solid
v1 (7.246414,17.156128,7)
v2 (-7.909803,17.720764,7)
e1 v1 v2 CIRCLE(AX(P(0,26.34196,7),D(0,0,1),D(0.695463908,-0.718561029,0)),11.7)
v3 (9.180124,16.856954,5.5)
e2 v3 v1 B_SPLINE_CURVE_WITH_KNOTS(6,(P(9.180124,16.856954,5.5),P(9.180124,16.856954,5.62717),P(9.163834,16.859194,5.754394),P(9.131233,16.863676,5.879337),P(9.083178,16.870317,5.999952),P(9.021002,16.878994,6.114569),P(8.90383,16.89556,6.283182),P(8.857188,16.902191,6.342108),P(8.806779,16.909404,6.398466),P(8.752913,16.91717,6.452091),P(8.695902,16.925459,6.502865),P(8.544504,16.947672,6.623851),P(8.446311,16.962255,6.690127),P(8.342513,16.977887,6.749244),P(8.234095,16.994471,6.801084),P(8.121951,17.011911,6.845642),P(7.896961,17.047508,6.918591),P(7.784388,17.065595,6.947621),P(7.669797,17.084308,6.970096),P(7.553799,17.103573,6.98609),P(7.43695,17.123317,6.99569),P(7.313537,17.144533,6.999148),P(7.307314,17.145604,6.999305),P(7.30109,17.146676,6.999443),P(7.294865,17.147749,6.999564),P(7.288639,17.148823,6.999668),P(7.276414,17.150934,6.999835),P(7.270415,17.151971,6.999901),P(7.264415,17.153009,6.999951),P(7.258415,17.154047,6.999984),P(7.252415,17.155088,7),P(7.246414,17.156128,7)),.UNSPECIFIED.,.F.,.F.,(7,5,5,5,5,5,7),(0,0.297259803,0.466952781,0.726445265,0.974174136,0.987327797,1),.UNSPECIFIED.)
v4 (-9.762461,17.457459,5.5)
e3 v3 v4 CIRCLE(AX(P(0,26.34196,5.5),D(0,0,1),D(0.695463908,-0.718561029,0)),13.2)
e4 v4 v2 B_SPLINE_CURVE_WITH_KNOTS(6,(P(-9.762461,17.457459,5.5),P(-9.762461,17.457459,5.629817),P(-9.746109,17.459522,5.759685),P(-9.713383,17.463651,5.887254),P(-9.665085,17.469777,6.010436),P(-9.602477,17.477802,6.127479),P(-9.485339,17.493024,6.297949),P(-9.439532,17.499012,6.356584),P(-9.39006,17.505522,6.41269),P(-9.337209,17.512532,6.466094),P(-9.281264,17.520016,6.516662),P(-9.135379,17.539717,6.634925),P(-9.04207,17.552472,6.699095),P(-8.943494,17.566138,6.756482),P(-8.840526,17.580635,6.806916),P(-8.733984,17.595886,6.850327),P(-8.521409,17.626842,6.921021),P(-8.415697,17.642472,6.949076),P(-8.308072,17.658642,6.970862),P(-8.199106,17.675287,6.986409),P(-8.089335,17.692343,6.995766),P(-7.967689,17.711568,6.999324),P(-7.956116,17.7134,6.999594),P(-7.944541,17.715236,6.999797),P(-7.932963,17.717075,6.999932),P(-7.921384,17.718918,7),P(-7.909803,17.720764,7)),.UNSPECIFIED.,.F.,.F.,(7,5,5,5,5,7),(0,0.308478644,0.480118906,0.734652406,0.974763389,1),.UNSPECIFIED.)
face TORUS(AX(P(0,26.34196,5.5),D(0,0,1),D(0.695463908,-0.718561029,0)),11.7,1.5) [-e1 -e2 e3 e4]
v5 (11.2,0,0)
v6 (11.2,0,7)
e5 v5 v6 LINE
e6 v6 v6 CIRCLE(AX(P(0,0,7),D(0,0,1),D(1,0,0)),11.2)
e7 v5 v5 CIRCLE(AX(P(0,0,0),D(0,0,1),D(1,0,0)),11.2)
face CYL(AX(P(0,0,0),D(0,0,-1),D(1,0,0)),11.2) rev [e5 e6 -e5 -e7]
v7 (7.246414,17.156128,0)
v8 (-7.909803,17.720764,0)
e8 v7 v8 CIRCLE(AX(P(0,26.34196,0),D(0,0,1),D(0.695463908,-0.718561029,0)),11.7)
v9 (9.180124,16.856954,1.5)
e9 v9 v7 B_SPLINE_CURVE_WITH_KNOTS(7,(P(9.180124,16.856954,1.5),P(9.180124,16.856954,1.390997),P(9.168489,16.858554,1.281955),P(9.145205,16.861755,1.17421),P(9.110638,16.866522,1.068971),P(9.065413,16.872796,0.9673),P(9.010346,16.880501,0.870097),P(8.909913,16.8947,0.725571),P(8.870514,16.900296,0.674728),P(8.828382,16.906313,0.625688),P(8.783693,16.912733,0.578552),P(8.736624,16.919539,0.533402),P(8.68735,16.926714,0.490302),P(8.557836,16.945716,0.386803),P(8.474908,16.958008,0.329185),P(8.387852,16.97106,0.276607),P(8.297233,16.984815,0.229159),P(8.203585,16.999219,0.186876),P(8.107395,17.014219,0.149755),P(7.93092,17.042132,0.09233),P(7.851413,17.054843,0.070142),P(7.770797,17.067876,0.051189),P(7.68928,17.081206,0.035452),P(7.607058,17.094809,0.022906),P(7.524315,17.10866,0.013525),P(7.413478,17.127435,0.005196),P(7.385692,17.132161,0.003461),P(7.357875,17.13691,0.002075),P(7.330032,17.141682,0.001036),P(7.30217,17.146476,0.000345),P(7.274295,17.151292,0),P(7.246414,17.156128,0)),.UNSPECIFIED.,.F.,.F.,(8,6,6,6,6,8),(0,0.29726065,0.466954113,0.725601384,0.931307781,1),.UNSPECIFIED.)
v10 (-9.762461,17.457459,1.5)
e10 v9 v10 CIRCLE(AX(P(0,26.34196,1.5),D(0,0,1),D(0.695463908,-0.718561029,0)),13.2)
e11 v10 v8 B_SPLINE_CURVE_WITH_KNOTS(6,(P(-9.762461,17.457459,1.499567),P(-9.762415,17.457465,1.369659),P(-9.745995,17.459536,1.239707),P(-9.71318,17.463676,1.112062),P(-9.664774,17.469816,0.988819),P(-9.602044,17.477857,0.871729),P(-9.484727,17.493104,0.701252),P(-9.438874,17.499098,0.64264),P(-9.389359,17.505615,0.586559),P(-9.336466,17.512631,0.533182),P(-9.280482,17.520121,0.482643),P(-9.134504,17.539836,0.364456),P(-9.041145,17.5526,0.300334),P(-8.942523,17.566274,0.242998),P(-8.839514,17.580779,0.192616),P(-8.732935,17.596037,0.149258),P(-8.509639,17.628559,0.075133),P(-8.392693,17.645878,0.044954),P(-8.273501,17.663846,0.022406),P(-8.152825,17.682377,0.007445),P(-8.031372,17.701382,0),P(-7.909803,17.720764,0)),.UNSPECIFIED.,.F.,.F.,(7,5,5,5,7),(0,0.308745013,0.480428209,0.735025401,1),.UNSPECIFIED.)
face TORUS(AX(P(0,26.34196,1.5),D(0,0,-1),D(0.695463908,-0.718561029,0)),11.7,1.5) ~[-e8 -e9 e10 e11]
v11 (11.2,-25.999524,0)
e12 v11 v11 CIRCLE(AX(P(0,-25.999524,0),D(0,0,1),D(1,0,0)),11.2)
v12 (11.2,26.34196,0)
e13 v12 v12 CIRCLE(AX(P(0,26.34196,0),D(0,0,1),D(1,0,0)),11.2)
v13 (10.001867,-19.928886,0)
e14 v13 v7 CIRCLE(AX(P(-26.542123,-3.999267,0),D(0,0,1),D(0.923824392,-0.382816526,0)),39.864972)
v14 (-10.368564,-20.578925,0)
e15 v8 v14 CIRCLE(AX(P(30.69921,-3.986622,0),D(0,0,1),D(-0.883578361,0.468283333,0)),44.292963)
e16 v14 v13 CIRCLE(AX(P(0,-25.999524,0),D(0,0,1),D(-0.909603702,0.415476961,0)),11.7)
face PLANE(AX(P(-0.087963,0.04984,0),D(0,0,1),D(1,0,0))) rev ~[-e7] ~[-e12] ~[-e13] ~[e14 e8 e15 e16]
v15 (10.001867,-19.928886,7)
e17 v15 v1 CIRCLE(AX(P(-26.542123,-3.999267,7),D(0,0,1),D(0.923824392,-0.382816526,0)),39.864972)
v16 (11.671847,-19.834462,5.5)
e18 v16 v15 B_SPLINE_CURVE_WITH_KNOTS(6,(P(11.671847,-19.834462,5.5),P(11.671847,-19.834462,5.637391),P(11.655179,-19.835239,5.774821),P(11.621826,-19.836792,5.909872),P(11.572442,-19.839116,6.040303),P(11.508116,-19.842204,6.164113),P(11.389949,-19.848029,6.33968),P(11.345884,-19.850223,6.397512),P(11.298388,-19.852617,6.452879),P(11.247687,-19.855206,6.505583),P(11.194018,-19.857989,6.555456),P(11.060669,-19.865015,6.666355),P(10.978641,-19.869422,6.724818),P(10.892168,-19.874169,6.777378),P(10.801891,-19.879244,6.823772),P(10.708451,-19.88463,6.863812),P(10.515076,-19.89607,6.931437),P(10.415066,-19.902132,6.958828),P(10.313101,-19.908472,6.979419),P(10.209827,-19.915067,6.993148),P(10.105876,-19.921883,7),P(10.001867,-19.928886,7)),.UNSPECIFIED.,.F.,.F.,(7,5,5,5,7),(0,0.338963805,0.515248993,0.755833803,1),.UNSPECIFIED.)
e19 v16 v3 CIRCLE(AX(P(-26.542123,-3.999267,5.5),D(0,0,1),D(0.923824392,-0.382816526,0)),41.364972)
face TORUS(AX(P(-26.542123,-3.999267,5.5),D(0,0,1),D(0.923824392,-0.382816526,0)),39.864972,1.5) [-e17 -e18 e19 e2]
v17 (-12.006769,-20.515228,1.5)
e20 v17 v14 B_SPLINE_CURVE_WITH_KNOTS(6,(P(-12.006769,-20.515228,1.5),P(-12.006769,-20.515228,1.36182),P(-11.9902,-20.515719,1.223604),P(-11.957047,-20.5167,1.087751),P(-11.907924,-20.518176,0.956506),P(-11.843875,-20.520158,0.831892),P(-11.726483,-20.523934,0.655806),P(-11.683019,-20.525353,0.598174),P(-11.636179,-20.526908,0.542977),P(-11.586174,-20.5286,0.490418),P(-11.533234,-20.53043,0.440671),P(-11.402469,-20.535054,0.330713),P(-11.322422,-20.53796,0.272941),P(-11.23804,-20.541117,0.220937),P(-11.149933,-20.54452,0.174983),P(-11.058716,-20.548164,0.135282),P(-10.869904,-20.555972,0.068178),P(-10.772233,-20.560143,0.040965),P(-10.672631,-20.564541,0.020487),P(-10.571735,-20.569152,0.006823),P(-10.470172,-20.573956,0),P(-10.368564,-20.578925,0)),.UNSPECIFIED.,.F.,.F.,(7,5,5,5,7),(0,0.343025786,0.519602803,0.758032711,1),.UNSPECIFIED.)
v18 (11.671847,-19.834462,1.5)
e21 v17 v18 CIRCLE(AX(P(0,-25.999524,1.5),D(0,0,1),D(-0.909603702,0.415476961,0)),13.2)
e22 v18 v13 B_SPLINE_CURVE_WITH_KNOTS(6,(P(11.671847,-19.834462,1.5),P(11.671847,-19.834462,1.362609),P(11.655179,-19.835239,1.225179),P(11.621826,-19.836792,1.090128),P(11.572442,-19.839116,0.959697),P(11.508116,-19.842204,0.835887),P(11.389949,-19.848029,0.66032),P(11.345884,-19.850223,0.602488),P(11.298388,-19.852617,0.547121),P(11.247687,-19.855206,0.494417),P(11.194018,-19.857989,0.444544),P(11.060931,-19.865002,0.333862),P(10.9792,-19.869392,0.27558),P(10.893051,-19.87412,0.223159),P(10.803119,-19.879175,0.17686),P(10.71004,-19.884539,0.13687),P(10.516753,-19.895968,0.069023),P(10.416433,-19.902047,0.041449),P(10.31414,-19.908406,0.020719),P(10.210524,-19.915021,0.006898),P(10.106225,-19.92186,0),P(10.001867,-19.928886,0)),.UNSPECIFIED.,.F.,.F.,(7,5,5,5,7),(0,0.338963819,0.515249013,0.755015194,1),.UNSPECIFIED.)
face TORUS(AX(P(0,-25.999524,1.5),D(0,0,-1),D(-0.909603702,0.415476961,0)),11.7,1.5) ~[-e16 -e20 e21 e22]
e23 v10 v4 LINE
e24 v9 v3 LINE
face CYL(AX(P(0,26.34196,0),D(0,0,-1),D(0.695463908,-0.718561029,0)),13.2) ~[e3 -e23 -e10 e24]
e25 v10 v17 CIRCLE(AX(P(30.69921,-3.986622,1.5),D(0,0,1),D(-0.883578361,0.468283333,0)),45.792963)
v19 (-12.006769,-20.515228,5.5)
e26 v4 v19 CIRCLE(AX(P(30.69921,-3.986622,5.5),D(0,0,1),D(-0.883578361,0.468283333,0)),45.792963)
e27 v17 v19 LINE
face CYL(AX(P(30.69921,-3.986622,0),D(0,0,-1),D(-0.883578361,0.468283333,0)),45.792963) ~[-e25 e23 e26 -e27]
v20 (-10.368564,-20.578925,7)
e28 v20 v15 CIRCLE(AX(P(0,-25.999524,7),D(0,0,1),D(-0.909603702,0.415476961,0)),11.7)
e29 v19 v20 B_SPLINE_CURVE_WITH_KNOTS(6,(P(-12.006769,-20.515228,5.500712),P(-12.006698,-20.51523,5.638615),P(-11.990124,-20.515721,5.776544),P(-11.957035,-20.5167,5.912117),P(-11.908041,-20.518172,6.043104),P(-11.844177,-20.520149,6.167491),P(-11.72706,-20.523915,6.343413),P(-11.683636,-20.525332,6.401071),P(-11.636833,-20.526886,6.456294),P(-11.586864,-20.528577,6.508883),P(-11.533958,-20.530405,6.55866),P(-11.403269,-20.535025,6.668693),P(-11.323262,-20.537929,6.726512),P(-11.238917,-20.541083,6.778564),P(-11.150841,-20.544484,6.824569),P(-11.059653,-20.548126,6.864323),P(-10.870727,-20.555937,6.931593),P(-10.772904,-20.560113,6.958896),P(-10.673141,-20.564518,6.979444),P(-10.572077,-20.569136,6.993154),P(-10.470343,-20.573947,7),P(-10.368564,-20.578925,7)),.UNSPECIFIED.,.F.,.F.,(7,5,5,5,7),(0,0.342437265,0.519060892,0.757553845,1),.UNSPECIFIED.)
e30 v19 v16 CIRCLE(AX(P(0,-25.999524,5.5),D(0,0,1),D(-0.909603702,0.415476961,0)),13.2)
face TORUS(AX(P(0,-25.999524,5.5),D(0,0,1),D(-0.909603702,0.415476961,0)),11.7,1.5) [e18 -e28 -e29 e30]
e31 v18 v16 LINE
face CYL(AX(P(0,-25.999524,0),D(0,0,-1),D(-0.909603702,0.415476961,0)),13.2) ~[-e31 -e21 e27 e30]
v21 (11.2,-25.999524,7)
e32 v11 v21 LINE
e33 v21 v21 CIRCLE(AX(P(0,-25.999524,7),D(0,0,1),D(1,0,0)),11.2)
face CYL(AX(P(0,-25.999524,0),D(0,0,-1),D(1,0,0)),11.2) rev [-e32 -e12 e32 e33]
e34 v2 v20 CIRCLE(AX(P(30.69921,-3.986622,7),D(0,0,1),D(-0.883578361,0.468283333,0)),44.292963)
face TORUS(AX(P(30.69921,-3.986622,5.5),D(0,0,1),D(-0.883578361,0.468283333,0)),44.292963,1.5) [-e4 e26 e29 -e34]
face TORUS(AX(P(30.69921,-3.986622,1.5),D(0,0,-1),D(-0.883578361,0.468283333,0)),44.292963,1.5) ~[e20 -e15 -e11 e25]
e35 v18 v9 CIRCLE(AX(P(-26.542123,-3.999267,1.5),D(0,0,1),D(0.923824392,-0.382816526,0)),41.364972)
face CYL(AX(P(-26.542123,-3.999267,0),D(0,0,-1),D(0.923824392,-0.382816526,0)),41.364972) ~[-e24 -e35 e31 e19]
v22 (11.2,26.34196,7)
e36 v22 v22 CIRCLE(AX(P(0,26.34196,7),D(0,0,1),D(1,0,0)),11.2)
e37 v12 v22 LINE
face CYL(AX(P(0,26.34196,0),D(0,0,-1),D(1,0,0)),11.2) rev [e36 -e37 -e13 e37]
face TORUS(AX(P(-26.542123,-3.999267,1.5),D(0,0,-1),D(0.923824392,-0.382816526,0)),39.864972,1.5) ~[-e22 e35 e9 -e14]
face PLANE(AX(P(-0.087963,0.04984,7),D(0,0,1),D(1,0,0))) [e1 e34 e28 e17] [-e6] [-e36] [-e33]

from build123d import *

# Parameters (mm, degrees)
F0_R     = 11.2
F1_DEPTH = 7
F2_R     = 1.5


with BuildPart() as f1:
    # F0 (on Top) → F1 (new body)
    with BuildSketch(Plane.XY):
        with BuildLine():
            ThreePointArc((-9.762461, 17.457459), (-15.01398, -1.284826), (-12.006769, -20.515228))
            ThreePointArc((-12.006769, -20.515228), (0.379346, -39.194072), (11.671847, -19.834462))
            ThreePointArc((11.671847, -19.834462), (14.727794, -1.196617), (9.180124, 16.856954))
            ThreePointArc((9.180124, 16.856954), (0.418247, 39.535332), (-9.762461, 17.457459))
        make_face()
        with Locations((0, -25.999524)):
            Circle(F0_R, mode=Mode.SUBTRACT)
        Circle(F0_R, mode=Mode.SUBTRACT)
        with Locations((0, 26.34196)):
            Circle(F0_R, mode=Mode.SUBTRACT)
    extrude(amount=F1_DEPTH)

    # F2
    f2_edges = [f1.edges().sort_by_distance(p)[0] for p in [
        (0.379346, -39.194072, 7),
        (0.379346, -39.194072, 0),
        (14.727794, -1.196617, 7),
        (14.727794, -1.196617, 0),
        (0.418247, 39.535332, 7),
        (0.418247, 39.535332, 0),
        (-15.01398, -1.284826, 7),
        (-15.01398, -1.284826, 0),
    ]]
    fillet(f2_edges, radius=F2_R)


solid = f1.part
